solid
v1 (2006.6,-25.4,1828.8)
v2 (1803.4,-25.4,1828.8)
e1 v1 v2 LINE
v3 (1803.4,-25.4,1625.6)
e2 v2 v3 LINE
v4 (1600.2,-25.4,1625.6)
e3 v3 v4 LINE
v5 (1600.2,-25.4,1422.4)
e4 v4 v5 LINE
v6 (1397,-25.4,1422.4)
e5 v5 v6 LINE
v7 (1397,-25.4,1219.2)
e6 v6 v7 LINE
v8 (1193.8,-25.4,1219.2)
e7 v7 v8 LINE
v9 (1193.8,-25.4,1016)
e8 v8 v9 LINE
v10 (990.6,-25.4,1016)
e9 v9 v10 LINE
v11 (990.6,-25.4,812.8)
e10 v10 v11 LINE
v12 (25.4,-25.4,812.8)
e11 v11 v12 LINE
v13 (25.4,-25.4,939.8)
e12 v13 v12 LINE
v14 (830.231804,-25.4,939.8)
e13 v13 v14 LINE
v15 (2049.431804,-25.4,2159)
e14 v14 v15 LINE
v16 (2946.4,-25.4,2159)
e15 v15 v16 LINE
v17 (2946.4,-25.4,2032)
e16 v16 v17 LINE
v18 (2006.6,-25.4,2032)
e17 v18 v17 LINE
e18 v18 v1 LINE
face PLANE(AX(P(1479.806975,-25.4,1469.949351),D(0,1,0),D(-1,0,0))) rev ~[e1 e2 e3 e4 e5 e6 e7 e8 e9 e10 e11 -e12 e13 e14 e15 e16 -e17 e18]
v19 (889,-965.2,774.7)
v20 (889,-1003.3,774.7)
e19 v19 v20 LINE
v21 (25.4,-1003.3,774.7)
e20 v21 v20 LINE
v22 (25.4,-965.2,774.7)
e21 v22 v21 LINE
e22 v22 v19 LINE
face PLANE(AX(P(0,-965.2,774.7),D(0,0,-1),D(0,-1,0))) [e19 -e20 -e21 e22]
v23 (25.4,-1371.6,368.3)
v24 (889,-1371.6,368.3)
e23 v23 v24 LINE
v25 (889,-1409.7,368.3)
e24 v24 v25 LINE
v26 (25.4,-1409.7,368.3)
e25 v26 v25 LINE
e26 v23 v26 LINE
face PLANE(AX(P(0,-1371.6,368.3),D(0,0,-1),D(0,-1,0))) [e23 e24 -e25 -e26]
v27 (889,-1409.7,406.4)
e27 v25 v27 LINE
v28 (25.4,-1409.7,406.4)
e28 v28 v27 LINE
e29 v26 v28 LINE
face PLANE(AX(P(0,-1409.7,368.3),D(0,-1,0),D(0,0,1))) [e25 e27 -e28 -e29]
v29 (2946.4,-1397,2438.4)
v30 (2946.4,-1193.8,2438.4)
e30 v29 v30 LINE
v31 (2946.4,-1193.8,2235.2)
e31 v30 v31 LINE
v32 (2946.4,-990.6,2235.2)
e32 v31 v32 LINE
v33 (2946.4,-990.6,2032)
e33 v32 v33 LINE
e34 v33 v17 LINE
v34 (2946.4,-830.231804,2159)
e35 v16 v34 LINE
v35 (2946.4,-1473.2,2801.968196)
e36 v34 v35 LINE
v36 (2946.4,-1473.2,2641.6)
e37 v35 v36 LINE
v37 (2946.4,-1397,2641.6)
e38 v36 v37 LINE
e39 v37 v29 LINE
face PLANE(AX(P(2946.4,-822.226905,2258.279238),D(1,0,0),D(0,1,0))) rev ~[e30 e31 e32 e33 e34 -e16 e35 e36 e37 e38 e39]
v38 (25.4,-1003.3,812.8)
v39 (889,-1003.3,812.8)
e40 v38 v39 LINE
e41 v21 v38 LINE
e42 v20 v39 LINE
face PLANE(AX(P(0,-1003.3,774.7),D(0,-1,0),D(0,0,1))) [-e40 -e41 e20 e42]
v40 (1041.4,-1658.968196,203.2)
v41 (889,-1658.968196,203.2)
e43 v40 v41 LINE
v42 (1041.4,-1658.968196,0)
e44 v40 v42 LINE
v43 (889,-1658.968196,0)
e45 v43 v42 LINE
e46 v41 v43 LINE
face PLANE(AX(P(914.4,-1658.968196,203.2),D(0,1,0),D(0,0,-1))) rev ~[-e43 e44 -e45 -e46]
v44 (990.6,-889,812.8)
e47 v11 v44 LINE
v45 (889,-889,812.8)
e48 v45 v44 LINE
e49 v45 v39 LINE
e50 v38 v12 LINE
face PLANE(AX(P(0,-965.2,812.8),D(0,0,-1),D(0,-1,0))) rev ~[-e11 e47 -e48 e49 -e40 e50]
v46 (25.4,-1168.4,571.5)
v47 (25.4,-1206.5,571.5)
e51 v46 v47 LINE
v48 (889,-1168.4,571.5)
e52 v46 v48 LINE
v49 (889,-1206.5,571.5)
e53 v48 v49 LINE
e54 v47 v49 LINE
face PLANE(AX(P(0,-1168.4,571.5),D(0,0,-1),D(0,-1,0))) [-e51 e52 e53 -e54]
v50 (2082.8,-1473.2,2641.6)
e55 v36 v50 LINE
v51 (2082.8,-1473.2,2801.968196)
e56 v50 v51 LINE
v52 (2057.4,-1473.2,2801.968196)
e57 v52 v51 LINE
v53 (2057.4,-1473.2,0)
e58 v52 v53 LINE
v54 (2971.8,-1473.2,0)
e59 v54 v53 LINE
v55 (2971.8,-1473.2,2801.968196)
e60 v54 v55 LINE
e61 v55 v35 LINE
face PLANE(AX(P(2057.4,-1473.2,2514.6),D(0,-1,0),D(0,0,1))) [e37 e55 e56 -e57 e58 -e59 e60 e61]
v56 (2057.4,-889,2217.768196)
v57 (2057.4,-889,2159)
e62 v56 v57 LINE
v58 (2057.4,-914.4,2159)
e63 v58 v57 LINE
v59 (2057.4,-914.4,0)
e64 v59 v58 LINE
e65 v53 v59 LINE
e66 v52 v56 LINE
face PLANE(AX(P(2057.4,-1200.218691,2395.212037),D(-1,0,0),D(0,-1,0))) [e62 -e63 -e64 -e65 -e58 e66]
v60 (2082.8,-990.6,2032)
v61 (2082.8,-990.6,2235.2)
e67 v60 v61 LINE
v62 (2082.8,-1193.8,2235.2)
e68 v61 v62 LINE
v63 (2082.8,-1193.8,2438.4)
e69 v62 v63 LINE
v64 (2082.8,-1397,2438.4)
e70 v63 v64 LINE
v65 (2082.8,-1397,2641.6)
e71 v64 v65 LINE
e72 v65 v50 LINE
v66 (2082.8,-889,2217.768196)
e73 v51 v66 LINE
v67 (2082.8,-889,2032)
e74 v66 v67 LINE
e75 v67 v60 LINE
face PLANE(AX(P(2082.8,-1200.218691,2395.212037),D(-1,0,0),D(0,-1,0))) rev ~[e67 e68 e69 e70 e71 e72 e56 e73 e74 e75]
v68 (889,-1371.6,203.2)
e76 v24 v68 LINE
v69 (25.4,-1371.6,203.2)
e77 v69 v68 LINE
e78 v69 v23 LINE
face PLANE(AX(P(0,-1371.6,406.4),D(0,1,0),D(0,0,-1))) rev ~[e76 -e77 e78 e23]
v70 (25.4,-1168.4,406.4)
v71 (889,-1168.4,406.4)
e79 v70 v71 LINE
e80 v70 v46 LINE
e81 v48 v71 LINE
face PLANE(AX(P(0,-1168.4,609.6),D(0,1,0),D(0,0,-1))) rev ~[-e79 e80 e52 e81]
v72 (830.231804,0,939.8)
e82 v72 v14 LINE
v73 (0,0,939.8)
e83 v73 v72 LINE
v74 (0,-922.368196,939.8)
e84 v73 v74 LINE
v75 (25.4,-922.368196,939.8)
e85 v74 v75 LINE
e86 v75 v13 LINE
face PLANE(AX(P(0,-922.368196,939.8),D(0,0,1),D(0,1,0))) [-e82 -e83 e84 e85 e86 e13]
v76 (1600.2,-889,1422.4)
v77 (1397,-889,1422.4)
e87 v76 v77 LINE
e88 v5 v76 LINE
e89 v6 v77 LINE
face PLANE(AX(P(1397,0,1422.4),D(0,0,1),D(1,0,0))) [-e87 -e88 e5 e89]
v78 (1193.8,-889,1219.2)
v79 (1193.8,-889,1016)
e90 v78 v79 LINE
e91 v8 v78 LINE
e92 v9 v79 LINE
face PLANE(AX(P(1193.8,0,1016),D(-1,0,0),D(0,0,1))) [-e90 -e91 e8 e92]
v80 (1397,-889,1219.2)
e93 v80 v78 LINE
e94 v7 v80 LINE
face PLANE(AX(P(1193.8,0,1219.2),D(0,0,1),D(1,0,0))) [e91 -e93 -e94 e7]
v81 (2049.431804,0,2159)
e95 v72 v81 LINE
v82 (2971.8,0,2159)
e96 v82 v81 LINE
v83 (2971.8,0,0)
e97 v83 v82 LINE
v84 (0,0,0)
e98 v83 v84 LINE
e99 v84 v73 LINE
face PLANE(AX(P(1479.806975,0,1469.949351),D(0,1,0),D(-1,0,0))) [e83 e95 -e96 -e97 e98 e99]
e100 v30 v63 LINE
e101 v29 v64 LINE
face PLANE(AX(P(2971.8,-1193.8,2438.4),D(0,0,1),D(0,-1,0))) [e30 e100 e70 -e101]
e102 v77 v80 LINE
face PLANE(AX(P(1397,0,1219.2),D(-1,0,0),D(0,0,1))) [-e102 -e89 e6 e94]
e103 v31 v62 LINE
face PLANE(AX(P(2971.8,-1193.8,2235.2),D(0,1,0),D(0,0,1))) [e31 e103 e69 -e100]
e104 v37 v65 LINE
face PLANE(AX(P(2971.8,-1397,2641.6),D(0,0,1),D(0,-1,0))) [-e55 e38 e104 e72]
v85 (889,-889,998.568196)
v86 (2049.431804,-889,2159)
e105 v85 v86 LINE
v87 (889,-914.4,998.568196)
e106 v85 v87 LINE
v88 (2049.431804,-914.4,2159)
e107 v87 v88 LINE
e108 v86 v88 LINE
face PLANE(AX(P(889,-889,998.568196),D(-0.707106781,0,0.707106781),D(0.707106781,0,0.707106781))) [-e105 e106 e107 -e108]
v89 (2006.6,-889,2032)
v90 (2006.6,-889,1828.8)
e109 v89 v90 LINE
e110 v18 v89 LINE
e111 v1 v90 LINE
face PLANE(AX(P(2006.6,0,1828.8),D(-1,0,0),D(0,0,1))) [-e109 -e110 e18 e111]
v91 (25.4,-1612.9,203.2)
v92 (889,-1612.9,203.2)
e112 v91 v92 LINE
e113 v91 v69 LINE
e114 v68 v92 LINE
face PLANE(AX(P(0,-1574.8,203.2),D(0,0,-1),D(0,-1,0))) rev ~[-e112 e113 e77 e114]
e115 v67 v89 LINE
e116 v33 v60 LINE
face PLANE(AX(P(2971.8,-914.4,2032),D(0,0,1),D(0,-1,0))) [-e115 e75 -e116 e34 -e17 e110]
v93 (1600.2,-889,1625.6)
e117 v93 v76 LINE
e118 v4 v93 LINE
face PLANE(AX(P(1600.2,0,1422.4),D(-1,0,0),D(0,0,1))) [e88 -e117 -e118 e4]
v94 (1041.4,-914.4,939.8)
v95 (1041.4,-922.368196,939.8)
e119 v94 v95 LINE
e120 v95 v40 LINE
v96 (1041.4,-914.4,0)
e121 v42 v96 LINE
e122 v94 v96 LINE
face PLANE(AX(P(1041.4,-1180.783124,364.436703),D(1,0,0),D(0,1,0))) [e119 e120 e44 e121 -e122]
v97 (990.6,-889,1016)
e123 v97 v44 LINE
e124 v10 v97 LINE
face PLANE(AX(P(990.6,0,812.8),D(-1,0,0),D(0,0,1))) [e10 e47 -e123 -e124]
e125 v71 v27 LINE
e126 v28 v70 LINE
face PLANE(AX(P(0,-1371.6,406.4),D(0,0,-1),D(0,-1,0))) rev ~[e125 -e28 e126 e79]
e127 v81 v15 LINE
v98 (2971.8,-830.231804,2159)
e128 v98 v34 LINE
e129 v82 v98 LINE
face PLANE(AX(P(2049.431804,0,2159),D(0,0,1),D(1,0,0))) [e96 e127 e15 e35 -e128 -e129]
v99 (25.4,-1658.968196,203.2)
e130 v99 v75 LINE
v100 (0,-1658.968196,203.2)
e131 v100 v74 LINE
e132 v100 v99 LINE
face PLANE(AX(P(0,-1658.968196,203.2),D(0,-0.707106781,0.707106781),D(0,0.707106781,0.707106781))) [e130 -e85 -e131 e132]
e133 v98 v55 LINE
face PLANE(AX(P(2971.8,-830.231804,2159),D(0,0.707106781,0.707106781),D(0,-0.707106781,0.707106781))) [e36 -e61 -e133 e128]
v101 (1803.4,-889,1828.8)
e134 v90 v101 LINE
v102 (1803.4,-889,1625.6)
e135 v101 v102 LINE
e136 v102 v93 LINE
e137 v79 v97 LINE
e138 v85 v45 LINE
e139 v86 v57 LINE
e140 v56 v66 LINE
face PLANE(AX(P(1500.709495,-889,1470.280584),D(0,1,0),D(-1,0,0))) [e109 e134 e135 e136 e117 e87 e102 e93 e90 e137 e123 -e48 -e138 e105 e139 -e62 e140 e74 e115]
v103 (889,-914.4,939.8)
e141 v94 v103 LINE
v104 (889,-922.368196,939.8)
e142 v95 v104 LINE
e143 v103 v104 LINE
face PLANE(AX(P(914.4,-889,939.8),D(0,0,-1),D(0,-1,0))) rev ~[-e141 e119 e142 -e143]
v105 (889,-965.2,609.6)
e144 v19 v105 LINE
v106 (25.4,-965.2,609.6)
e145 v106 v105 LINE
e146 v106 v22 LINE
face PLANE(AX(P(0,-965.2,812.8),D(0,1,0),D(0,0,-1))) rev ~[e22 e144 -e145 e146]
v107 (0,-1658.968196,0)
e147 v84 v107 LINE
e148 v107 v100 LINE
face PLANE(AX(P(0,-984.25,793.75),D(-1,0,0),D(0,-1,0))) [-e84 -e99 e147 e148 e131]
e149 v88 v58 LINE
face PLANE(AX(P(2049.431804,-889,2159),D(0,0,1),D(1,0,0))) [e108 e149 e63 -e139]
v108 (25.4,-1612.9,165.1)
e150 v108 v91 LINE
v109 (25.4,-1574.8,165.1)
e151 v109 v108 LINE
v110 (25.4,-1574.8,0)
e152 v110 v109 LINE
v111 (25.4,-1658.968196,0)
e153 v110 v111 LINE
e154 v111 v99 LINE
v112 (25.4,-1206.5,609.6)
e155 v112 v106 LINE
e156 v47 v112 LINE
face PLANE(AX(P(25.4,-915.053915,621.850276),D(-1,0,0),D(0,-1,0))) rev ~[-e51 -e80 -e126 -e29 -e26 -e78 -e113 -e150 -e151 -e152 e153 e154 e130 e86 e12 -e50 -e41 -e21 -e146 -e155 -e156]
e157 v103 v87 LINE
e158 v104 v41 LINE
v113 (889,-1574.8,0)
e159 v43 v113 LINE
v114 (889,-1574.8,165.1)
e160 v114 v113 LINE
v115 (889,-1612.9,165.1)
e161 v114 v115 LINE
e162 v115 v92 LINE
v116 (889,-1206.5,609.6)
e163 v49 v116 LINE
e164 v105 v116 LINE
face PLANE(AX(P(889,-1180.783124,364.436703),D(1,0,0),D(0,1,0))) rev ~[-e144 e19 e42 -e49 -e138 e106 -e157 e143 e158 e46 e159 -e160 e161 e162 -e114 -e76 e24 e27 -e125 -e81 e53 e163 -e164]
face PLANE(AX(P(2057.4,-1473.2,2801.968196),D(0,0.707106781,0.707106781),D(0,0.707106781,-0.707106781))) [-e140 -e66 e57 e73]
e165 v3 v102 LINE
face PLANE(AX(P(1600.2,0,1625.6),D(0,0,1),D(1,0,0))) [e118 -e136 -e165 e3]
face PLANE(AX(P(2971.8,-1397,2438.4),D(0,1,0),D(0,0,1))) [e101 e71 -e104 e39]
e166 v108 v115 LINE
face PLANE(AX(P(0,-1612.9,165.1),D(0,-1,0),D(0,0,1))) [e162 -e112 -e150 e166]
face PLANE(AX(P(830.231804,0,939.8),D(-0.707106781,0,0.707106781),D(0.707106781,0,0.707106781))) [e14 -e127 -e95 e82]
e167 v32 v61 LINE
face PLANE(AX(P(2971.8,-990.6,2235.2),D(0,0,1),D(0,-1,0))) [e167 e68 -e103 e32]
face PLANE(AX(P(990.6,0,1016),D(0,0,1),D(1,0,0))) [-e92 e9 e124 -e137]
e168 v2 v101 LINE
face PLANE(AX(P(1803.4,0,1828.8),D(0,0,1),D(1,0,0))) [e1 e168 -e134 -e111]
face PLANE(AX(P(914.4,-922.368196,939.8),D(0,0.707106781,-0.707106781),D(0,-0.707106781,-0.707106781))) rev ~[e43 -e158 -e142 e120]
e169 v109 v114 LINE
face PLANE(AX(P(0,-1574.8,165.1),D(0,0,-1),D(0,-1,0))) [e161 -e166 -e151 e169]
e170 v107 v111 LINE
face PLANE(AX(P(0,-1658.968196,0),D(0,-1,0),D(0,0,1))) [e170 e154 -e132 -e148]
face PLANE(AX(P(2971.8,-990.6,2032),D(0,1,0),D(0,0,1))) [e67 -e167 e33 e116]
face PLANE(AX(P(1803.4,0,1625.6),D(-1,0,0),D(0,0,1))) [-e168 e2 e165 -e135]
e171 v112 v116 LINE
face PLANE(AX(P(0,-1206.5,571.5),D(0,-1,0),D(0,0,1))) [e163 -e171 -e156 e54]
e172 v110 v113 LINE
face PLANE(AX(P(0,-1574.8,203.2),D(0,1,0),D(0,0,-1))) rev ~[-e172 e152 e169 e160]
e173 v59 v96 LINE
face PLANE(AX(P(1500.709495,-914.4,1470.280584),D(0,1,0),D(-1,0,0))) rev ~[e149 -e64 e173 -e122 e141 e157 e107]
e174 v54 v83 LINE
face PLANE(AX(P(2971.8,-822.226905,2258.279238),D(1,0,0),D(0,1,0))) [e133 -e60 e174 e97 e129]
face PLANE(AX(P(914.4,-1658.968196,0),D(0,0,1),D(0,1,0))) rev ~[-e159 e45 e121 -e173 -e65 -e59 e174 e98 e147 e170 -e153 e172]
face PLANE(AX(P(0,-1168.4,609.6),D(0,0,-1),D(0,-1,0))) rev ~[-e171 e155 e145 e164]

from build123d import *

# Parameters (mm, degrees)
F1_DEPTH       = 914.4
F3_DEPTH       = 914.4
F5_DEPTH       = 914.4
F7_DEPTH       = 25.4
F9_DEPTH       = 25.4
F11_DEPTH      = 25.4
F13_DEPTH      = 25.4
F15_DEPTH      = 25.4
F19_DEPTH      = 457.2
F21_DEPTH      = 25.4
F21_DEPTH_BACK = 127
F22_W          = 38.1
F22_H          = 38.1
F23_DEPTH      = 889


with BuildPart() as f1:
    # F0 (on Right) → F1 (new body)
    with BuildSketch(Plane.YZ):
        Polygon((-1574.8, 0), (0, 0), (0, 812.8), (-965.2, 812.8), (-965.2, 609.6), (-1168.4, 609.6), (-1168.4, 406.4), (-1371.6, 406.4), (-1371.6, 203.2), (-1574.8, 203.2), align=None)
    extrude(amount=F1_DEPTH)

    # F2 (on face) → F3 (join)
    with BuildSketch(Plane(origin=(0, 0, 0), x_dir=(-1, 0, 0), z_dir=(0, 1, 0))):
        Polygon((-914.4, 0), (-914.4, 812.8), (-990.6, 812.8), (-990.6, 1016), (-1193.8, 1016), (-1193.8, 1219.2), (-1397, 1219.2), (-1397, 1422.4), (-1600.2, 1422.4), (-1600.2, 1625.6), (-1803.4, 1625.6), (-1803.4, 1828.8), (-2006.6, 1828.8), (-2006.6, 2032), (-2971.8, 2032), (-2971.8, 0), align=None)
    extrude(amount=-F3_DEPTH)

    # F4 (on face) → F5 (join)
    with BuildSketch(Plane.YZ.offset(2971.8)):
        Polygon((-914.4, 0), (-914.4, 2032), (-990.6, 2032), (-990.6, 2235.2), (-1193.8, 2235.2), (-1193.8, 2438.4), (-1397, 2438.4), (-1397, 2641.6), (-1473.2, 2641.6), (-1473.2, 0), align=None)
    extrude(amount=-F5_DEPTH)

    # F6 (on face) → F7 (join)
    with BuildSketch(Plane.YZ.offset(2971.8)):
        Polygon((-1473.2, 2801.9681958742), (-1473.2, 2514.6), (-990.6, 2032), (0, 2032), (0, 2159), (-830.2318041258, 2159), align=None)
    extrude(amount=-F7_DEPTH)

    # F8 (on face) → F9 (join)
    with BuildSketch(Plane(origin=(0, 0, 0), x_dir=(-1, 0, 0), z_dir=(0, 1, 0))):
        Polygon((-2049.4318041258, 2159), (-2946.4, 2159), (-2946.4, 2032), (-2209.8, 2032), (-990.6, 812.8), (0, 812.8), (0, 939.8), (-830.2318041258, 939.8), align=None)
    extrude(amount=-F9_DEPTH)

    # F10 (on face) → F11 (join)
    with BuildSketch(Plane(origin=(0, 0, 0), x_dir=(0, -1, 0), z_dir=(-1, 0, 0))):
        Polygon((922.3681958742, 939.8), (25.4, 939.8), (25.4, 812.8), (762, 812.8), (1574.8, 0), (1658.9681958742, 0), (1658.9681958742, 203.2), align=None)
    extrude(amount=-F11_DEPTH)

    # F12 (on face) → F13 (join)
    with BuildSketch(Plane(origin=(2057.4, 0, 0), x_dir=(0, -1, 0), z_dir=(-1, 0, 0))):
        Polygon((1473.2, 2801.9681958742), (889, 2217.7681958742), (889, 2032), (990.6, 2032), (1473.2, 2514.6), (1473.2, 2641.6), align=None)
    extrude(amount=-F13_DEPTH)

    # F14 (on face) → F15 (join)
    with BuildSketch(Plane(origin=(0, -889, 0), x_dir=(-1, 0, 0), z_dir=(0, 1, 0))):
        Polygon((-889, 812.8), (-889, 998.5681958742), (-2049.4318041258, 2159), (-2082.8, 2159), (-2082.8, 1905), (-990.6, 812.8), align=None)
    extrude(amount=-F15_DEPTH)

    # F18 (on face) → F19 (cut, through all)
    with BuildSketch(Plane.XZ.offset(1371.6)):
        Polygon((1625.6, 203.2), (1828.8, 203.2), (1828.8, 609.6), (1422.4, 609.6), (1422.4, 406.4), (1625.6, 406.4), align=None)
    extrude(amount=-F19_DEPTH, mode=Mode.SUBTRACT)

    # F20 (on face) → F21 (join, two sides)
    with BuildSketch(Plane.YZ.offset(914.4)) as f21_sk:
        Polygon((-1658.9681958742, 203.2), (-1658.9681958742, 0), (-889, 0), (-889, 939.8), (-922.3681958742, 939.8), align=None)
    extrude(amount=-F21_DEPTH)
    extrude(f21_sk.sketch, amount=F21_DEPTH_BACK)

    # F22 (on face) → F23 (join, through all)
    with BuildSketch(Plane(origin=(0, 0, 0), x_dir=(0, -1, 0), z_dir=(-1, 0, 0))):
        with Locations((984.25, 793.75)):
            Rectangle(F22_W, F22_H)
        with Locations((1187.45, 590.55)):
            Rectangle(F22_W, F22_H)
        with Locations((1390.65, 387.35)):
            Rectangle(F22_W, F22_H)
        with Locations((1593.85, 184.15)):
            Rectangle(F22_W, F22_H)
    extrude(amount=-F23_DEPTH)


solid = f1.part
